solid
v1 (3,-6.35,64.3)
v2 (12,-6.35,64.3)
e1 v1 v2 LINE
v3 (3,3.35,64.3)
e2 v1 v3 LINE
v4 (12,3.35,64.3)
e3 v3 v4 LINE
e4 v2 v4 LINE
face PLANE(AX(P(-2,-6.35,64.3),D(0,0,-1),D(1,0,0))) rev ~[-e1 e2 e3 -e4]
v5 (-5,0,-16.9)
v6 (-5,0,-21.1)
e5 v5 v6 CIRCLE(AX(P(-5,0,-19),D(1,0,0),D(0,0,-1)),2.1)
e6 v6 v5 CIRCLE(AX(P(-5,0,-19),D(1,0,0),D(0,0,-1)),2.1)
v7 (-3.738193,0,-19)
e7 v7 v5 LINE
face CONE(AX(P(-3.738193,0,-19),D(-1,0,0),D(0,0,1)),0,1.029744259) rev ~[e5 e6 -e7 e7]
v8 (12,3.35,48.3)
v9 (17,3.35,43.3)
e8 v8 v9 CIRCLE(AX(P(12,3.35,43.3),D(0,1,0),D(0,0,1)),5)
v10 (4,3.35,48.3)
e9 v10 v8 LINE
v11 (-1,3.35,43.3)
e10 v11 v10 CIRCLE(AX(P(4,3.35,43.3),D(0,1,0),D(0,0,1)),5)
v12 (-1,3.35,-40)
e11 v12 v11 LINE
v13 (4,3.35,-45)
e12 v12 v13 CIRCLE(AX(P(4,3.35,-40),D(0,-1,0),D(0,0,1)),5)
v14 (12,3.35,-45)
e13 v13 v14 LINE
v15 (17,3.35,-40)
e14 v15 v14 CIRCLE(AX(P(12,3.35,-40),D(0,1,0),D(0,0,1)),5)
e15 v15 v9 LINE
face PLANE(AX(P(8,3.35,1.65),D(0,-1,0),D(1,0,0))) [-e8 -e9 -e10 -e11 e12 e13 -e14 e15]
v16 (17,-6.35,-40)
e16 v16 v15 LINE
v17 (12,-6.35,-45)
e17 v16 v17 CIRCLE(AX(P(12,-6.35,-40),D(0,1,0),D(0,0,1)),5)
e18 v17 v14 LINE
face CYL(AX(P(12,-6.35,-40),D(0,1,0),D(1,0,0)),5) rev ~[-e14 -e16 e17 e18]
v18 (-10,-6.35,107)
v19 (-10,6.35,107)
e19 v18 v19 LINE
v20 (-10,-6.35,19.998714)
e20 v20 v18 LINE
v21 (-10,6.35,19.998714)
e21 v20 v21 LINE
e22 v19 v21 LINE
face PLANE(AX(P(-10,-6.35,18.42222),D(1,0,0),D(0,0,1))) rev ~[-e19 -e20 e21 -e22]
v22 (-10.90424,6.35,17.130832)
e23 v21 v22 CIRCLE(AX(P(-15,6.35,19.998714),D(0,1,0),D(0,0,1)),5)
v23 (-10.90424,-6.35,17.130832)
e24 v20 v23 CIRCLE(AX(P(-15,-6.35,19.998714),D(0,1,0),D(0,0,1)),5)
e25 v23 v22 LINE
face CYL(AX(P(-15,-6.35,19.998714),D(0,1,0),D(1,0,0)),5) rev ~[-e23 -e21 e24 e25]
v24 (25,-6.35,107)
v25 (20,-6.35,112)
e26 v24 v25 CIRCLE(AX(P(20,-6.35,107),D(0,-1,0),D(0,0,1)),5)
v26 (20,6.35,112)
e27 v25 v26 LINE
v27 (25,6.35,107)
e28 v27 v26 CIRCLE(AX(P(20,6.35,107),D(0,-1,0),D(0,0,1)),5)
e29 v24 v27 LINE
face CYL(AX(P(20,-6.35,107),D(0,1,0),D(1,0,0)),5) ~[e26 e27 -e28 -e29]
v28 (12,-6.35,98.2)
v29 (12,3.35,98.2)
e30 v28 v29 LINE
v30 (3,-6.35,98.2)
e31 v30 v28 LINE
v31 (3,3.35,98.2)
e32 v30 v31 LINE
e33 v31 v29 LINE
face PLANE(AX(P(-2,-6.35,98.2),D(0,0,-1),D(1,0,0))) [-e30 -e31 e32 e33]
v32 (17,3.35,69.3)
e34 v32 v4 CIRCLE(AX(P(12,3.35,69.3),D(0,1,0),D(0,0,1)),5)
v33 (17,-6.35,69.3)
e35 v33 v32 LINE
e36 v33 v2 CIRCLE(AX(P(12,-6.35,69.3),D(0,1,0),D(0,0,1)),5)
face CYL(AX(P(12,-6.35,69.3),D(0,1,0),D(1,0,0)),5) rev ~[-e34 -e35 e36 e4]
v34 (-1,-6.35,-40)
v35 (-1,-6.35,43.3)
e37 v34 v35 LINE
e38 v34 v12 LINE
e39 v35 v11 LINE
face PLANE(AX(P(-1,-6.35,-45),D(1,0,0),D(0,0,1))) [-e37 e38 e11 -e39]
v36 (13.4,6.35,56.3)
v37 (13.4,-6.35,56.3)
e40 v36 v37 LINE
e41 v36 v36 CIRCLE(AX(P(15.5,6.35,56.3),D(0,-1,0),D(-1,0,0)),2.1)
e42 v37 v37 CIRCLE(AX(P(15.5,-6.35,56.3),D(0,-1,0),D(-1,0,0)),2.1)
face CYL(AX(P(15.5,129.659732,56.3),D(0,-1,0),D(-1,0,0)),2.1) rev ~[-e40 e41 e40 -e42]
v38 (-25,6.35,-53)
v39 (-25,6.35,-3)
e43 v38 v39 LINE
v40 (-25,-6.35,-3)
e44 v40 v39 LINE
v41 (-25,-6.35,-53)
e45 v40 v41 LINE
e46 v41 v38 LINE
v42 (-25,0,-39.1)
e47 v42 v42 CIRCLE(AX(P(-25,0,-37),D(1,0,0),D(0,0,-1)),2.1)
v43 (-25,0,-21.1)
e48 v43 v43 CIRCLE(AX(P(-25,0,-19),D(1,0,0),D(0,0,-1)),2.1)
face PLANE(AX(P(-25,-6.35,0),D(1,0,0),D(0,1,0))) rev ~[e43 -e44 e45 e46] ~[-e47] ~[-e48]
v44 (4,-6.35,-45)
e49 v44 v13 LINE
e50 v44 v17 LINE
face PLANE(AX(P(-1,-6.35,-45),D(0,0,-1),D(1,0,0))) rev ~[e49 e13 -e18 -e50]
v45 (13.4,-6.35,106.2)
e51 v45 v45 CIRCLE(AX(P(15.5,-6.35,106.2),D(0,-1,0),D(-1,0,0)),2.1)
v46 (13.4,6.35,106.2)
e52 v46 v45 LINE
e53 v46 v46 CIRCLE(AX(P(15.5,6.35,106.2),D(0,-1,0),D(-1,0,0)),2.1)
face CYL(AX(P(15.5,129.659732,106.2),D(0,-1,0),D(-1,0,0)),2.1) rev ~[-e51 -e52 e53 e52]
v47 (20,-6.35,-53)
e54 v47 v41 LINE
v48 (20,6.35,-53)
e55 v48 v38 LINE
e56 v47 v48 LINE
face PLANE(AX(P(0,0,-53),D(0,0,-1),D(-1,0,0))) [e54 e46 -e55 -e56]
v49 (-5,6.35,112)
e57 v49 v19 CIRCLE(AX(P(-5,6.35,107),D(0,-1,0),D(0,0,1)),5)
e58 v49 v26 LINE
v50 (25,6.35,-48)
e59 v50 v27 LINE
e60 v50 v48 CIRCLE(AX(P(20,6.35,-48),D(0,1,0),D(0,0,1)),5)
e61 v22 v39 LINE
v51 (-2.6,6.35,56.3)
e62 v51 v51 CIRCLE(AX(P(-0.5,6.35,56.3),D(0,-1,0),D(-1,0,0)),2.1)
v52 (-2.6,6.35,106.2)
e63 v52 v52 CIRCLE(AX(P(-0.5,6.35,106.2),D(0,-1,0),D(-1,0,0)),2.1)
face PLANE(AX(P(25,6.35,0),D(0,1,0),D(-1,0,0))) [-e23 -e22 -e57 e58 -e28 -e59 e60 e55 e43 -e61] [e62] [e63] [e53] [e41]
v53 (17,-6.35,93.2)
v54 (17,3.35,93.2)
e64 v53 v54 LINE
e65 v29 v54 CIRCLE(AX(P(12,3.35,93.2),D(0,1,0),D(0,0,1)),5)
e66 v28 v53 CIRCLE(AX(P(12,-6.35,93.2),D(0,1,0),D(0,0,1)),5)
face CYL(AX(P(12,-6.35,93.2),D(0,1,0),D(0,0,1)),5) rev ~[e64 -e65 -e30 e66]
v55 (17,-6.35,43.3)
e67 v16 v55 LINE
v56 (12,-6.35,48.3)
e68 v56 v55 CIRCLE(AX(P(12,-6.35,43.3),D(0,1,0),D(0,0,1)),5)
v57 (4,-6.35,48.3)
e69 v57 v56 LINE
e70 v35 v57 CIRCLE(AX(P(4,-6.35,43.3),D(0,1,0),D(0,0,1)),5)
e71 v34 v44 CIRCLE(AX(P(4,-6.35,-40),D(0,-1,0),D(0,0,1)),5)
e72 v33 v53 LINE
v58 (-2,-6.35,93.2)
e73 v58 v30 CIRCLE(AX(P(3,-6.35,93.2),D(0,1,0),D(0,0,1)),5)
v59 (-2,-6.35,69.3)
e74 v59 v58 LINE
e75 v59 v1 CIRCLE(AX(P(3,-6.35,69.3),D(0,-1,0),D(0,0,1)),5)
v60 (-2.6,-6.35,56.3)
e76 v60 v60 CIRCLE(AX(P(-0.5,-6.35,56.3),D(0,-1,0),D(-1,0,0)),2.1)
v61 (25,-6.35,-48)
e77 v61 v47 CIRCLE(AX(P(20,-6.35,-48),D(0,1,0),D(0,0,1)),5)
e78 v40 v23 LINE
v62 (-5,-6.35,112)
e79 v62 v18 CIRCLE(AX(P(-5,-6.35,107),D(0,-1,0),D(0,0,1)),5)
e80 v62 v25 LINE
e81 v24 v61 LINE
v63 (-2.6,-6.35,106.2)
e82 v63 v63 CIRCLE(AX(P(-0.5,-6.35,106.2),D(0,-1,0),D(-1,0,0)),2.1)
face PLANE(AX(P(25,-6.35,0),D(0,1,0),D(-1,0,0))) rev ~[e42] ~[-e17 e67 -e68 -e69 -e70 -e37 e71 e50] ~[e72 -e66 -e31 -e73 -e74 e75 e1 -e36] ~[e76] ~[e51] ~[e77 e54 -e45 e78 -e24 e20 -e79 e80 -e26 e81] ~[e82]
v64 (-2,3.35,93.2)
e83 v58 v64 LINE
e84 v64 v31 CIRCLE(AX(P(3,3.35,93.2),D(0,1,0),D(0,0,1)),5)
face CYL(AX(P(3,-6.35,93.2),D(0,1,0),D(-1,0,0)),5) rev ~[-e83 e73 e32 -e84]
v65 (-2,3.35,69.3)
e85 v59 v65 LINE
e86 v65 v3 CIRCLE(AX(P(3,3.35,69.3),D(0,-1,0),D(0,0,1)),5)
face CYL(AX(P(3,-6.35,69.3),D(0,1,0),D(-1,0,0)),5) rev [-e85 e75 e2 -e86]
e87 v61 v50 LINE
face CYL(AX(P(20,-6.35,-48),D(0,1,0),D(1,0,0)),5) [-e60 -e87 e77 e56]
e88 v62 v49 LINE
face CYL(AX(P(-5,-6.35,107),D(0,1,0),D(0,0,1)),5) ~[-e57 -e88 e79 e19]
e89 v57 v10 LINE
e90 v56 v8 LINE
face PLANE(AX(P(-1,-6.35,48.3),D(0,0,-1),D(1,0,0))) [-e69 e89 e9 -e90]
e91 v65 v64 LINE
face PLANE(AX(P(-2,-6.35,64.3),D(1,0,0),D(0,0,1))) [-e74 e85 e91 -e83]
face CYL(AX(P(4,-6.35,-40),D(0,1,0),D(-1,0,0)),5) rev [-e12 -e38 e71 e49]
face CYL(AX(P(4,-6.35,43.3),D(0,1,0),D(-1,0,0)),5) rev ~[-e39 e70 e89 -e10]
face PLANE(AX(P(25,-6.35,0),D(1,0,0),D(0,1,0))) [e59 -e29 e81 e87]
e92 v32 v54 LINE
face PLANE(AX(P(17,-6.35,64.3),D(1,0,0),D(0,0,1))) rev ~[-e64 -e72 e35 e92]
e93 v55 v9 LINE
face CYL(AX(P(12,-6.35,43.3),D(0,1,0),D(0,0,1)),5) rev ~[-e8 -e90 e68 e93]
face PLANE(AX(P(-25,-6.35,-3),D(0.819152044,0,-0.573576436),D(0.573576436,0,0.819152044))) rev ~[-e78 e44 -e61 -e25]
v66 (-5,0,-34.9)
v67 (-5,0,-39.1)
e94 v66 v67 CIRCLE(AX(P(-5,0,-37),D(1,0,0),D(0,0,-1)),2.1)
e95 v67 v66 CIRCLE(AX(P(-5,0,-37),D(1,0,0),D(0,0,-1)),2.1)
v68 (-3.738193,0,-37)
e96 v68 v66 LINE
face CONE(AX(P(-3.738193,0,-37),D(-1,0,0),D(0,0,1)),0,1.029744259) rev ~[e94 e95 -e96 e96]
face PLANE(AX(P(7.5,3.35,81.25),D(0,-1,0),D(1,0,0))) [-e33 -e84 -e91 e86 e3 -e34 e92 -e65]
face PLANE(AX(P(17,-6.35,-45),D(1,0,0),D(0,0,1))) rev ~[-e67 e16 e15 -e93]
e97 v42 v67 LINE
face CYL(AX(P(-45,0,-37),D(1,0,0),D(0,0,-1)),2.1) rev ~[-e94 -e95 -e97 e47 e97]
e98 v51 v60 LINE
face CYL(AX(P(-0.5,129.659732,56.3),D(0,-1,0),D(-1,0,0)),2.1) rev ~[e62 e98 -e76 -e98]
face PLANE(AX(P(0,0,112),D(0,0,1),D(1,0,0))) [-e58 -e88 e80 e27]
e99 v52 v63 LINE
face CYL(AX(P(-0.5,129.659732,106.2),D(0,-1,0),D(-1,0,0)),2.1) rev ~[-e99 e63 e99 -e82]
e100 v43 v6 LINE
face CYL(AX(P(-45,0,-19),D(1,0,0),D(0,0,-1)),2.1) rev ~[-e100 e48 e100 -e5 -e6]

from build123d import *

# Parameters (mm, degrees)
SKETCH12_W                = 50
SKETCH12_H                = 12.7
BOSS_EXTRUDE1_DEPTH       = 112
M5X0_8_TAPPED_HOLE3_D     = 4.2
SKETCH19_W                = 50
SKETCH19_H                = 12.7
BOSS_EXTRUDE2_DEPTH       = 53
M5X0_8_TAPPED_HOLE4_D     = 4.2
M5X0_8_TAPPED_HOLE4_DEPTH = 20
M5X0_8_TAPPED_HOLE4_TIP   = 1.2618073
CUT_EXTRUDE1_DEPTH        = 116.456875066
SKETCH26_3_W              = 18
SKETCH26_3_H              = 93.3
SKETCH26_3_W_2            = 19
SKETCH26_3_H_2            = 33.9
CUT_EXTRUDE2_DEPTH        = 9.7
FILLET1_R                 = 5


with BuildPart() as part:
    # Sketch12 → Boss-Extrude1 (new body)
    with BuildSketch(Plane.XY):
        Rectangle(SKETCH12_W, SKETCH12_H)
    extrude(amount=BOSS_EXTRUDE1_DEPTH)

    # M5x0.8 Tapped Hole3 (through all)
    with Locations(Plane(origin=(0, 6.35, 0), x_dir=(1, 0, 0), z_dir=(0, 1, 0))):
        with Locations((-0.5, -56.3), (15.5, -56.3), (15.5, -106.2), (-0.5, -106.2)):
            Hole(M5X0_8_TAPPED_HOLE3_D / 2)

    # Sketch19 → Boss-Extrude2 (add)
    with BuildSketch(Plane(origin=(0, 0, 0), x_dir=(-1, 0, 0), z_dir=(0, 0, -1))):
        Rectangle(SKETCH19_W, SKETCH19_H)
    extrude(amount=BOSS_EXTRUDE2_DEPTH)

    # M5x0.8 Tapped Hole4
    with Locations(Plane.ZY.offset(25)):
        with Locations((-37, 0), (-19, 0)):
            Hole(M5X0_8_TAPPED_HOLE4_D / 2, depth=M5X0_8_TAPPED_HOLE4_DEPTH)
            with Locations((0, 0, -(M5X0_8_TAPPED_HOLE4_DEPTH + M5X0_8_TAPPED_HOLE4_TIP / 2))):  # 118° drill point
                Cone(0, M5X0_8_TAPPED_HOLE4_D / 2, M5X0_8_TAPPED_HOLE4_TIP, mode=Mode.SUBTRACT)

    # Sketch26 → Cut-Extrude1 (cut, through all)
    with BuildSketch(Plane.XZ.offset(6.35)):
        Polygon((-10, 18.422220101), (-10, 112), (-25, 112), (-25, -3), align=None)
    extrude(amount=-CUT_EXTRUDE1_DEPTH, mode=Mode.SUBTRACT)

    # Sketch26<3> → Cut-Extrude2 (cut)
    with BuildSketch(Plane.XZ.offset(6.35)):
        with Locations((8, 1.65)):
            Rectangle(SKETCH26_3_W, SKETCH26_3_H)
        with Locations((7.5, 81.25)):
            Rectangle(SKETCH26_3_W_2, SKETCH26_3_H_2)
    extrude(amount=-CUT_EXTRUDE2_DEPTH, mode=Mode.SUBTRACT)

    # Fillet1
    fillet1_edges = [part.edges().sort_by_distance(p)[0] for p in [
        (25, 0, -53),
        (-10, 0, 18.422220101),
        (25, 0, 112),
        (-10, 0, 112),
        (-2, -1.5, 98.2),
        (17, -1.5, 98.2),
        (17, -1.5, 64.3),
        (-2, -1.5, 64.3),
        (-1, -1.5, -45),
        (17, -1.5, -45),
        (-1, -1.5, 48.3),
        (17, -1.5, 48.3),
    ]]
    fillet(fillet1_edges, radius=FILLET1_R)


solid = part.part
